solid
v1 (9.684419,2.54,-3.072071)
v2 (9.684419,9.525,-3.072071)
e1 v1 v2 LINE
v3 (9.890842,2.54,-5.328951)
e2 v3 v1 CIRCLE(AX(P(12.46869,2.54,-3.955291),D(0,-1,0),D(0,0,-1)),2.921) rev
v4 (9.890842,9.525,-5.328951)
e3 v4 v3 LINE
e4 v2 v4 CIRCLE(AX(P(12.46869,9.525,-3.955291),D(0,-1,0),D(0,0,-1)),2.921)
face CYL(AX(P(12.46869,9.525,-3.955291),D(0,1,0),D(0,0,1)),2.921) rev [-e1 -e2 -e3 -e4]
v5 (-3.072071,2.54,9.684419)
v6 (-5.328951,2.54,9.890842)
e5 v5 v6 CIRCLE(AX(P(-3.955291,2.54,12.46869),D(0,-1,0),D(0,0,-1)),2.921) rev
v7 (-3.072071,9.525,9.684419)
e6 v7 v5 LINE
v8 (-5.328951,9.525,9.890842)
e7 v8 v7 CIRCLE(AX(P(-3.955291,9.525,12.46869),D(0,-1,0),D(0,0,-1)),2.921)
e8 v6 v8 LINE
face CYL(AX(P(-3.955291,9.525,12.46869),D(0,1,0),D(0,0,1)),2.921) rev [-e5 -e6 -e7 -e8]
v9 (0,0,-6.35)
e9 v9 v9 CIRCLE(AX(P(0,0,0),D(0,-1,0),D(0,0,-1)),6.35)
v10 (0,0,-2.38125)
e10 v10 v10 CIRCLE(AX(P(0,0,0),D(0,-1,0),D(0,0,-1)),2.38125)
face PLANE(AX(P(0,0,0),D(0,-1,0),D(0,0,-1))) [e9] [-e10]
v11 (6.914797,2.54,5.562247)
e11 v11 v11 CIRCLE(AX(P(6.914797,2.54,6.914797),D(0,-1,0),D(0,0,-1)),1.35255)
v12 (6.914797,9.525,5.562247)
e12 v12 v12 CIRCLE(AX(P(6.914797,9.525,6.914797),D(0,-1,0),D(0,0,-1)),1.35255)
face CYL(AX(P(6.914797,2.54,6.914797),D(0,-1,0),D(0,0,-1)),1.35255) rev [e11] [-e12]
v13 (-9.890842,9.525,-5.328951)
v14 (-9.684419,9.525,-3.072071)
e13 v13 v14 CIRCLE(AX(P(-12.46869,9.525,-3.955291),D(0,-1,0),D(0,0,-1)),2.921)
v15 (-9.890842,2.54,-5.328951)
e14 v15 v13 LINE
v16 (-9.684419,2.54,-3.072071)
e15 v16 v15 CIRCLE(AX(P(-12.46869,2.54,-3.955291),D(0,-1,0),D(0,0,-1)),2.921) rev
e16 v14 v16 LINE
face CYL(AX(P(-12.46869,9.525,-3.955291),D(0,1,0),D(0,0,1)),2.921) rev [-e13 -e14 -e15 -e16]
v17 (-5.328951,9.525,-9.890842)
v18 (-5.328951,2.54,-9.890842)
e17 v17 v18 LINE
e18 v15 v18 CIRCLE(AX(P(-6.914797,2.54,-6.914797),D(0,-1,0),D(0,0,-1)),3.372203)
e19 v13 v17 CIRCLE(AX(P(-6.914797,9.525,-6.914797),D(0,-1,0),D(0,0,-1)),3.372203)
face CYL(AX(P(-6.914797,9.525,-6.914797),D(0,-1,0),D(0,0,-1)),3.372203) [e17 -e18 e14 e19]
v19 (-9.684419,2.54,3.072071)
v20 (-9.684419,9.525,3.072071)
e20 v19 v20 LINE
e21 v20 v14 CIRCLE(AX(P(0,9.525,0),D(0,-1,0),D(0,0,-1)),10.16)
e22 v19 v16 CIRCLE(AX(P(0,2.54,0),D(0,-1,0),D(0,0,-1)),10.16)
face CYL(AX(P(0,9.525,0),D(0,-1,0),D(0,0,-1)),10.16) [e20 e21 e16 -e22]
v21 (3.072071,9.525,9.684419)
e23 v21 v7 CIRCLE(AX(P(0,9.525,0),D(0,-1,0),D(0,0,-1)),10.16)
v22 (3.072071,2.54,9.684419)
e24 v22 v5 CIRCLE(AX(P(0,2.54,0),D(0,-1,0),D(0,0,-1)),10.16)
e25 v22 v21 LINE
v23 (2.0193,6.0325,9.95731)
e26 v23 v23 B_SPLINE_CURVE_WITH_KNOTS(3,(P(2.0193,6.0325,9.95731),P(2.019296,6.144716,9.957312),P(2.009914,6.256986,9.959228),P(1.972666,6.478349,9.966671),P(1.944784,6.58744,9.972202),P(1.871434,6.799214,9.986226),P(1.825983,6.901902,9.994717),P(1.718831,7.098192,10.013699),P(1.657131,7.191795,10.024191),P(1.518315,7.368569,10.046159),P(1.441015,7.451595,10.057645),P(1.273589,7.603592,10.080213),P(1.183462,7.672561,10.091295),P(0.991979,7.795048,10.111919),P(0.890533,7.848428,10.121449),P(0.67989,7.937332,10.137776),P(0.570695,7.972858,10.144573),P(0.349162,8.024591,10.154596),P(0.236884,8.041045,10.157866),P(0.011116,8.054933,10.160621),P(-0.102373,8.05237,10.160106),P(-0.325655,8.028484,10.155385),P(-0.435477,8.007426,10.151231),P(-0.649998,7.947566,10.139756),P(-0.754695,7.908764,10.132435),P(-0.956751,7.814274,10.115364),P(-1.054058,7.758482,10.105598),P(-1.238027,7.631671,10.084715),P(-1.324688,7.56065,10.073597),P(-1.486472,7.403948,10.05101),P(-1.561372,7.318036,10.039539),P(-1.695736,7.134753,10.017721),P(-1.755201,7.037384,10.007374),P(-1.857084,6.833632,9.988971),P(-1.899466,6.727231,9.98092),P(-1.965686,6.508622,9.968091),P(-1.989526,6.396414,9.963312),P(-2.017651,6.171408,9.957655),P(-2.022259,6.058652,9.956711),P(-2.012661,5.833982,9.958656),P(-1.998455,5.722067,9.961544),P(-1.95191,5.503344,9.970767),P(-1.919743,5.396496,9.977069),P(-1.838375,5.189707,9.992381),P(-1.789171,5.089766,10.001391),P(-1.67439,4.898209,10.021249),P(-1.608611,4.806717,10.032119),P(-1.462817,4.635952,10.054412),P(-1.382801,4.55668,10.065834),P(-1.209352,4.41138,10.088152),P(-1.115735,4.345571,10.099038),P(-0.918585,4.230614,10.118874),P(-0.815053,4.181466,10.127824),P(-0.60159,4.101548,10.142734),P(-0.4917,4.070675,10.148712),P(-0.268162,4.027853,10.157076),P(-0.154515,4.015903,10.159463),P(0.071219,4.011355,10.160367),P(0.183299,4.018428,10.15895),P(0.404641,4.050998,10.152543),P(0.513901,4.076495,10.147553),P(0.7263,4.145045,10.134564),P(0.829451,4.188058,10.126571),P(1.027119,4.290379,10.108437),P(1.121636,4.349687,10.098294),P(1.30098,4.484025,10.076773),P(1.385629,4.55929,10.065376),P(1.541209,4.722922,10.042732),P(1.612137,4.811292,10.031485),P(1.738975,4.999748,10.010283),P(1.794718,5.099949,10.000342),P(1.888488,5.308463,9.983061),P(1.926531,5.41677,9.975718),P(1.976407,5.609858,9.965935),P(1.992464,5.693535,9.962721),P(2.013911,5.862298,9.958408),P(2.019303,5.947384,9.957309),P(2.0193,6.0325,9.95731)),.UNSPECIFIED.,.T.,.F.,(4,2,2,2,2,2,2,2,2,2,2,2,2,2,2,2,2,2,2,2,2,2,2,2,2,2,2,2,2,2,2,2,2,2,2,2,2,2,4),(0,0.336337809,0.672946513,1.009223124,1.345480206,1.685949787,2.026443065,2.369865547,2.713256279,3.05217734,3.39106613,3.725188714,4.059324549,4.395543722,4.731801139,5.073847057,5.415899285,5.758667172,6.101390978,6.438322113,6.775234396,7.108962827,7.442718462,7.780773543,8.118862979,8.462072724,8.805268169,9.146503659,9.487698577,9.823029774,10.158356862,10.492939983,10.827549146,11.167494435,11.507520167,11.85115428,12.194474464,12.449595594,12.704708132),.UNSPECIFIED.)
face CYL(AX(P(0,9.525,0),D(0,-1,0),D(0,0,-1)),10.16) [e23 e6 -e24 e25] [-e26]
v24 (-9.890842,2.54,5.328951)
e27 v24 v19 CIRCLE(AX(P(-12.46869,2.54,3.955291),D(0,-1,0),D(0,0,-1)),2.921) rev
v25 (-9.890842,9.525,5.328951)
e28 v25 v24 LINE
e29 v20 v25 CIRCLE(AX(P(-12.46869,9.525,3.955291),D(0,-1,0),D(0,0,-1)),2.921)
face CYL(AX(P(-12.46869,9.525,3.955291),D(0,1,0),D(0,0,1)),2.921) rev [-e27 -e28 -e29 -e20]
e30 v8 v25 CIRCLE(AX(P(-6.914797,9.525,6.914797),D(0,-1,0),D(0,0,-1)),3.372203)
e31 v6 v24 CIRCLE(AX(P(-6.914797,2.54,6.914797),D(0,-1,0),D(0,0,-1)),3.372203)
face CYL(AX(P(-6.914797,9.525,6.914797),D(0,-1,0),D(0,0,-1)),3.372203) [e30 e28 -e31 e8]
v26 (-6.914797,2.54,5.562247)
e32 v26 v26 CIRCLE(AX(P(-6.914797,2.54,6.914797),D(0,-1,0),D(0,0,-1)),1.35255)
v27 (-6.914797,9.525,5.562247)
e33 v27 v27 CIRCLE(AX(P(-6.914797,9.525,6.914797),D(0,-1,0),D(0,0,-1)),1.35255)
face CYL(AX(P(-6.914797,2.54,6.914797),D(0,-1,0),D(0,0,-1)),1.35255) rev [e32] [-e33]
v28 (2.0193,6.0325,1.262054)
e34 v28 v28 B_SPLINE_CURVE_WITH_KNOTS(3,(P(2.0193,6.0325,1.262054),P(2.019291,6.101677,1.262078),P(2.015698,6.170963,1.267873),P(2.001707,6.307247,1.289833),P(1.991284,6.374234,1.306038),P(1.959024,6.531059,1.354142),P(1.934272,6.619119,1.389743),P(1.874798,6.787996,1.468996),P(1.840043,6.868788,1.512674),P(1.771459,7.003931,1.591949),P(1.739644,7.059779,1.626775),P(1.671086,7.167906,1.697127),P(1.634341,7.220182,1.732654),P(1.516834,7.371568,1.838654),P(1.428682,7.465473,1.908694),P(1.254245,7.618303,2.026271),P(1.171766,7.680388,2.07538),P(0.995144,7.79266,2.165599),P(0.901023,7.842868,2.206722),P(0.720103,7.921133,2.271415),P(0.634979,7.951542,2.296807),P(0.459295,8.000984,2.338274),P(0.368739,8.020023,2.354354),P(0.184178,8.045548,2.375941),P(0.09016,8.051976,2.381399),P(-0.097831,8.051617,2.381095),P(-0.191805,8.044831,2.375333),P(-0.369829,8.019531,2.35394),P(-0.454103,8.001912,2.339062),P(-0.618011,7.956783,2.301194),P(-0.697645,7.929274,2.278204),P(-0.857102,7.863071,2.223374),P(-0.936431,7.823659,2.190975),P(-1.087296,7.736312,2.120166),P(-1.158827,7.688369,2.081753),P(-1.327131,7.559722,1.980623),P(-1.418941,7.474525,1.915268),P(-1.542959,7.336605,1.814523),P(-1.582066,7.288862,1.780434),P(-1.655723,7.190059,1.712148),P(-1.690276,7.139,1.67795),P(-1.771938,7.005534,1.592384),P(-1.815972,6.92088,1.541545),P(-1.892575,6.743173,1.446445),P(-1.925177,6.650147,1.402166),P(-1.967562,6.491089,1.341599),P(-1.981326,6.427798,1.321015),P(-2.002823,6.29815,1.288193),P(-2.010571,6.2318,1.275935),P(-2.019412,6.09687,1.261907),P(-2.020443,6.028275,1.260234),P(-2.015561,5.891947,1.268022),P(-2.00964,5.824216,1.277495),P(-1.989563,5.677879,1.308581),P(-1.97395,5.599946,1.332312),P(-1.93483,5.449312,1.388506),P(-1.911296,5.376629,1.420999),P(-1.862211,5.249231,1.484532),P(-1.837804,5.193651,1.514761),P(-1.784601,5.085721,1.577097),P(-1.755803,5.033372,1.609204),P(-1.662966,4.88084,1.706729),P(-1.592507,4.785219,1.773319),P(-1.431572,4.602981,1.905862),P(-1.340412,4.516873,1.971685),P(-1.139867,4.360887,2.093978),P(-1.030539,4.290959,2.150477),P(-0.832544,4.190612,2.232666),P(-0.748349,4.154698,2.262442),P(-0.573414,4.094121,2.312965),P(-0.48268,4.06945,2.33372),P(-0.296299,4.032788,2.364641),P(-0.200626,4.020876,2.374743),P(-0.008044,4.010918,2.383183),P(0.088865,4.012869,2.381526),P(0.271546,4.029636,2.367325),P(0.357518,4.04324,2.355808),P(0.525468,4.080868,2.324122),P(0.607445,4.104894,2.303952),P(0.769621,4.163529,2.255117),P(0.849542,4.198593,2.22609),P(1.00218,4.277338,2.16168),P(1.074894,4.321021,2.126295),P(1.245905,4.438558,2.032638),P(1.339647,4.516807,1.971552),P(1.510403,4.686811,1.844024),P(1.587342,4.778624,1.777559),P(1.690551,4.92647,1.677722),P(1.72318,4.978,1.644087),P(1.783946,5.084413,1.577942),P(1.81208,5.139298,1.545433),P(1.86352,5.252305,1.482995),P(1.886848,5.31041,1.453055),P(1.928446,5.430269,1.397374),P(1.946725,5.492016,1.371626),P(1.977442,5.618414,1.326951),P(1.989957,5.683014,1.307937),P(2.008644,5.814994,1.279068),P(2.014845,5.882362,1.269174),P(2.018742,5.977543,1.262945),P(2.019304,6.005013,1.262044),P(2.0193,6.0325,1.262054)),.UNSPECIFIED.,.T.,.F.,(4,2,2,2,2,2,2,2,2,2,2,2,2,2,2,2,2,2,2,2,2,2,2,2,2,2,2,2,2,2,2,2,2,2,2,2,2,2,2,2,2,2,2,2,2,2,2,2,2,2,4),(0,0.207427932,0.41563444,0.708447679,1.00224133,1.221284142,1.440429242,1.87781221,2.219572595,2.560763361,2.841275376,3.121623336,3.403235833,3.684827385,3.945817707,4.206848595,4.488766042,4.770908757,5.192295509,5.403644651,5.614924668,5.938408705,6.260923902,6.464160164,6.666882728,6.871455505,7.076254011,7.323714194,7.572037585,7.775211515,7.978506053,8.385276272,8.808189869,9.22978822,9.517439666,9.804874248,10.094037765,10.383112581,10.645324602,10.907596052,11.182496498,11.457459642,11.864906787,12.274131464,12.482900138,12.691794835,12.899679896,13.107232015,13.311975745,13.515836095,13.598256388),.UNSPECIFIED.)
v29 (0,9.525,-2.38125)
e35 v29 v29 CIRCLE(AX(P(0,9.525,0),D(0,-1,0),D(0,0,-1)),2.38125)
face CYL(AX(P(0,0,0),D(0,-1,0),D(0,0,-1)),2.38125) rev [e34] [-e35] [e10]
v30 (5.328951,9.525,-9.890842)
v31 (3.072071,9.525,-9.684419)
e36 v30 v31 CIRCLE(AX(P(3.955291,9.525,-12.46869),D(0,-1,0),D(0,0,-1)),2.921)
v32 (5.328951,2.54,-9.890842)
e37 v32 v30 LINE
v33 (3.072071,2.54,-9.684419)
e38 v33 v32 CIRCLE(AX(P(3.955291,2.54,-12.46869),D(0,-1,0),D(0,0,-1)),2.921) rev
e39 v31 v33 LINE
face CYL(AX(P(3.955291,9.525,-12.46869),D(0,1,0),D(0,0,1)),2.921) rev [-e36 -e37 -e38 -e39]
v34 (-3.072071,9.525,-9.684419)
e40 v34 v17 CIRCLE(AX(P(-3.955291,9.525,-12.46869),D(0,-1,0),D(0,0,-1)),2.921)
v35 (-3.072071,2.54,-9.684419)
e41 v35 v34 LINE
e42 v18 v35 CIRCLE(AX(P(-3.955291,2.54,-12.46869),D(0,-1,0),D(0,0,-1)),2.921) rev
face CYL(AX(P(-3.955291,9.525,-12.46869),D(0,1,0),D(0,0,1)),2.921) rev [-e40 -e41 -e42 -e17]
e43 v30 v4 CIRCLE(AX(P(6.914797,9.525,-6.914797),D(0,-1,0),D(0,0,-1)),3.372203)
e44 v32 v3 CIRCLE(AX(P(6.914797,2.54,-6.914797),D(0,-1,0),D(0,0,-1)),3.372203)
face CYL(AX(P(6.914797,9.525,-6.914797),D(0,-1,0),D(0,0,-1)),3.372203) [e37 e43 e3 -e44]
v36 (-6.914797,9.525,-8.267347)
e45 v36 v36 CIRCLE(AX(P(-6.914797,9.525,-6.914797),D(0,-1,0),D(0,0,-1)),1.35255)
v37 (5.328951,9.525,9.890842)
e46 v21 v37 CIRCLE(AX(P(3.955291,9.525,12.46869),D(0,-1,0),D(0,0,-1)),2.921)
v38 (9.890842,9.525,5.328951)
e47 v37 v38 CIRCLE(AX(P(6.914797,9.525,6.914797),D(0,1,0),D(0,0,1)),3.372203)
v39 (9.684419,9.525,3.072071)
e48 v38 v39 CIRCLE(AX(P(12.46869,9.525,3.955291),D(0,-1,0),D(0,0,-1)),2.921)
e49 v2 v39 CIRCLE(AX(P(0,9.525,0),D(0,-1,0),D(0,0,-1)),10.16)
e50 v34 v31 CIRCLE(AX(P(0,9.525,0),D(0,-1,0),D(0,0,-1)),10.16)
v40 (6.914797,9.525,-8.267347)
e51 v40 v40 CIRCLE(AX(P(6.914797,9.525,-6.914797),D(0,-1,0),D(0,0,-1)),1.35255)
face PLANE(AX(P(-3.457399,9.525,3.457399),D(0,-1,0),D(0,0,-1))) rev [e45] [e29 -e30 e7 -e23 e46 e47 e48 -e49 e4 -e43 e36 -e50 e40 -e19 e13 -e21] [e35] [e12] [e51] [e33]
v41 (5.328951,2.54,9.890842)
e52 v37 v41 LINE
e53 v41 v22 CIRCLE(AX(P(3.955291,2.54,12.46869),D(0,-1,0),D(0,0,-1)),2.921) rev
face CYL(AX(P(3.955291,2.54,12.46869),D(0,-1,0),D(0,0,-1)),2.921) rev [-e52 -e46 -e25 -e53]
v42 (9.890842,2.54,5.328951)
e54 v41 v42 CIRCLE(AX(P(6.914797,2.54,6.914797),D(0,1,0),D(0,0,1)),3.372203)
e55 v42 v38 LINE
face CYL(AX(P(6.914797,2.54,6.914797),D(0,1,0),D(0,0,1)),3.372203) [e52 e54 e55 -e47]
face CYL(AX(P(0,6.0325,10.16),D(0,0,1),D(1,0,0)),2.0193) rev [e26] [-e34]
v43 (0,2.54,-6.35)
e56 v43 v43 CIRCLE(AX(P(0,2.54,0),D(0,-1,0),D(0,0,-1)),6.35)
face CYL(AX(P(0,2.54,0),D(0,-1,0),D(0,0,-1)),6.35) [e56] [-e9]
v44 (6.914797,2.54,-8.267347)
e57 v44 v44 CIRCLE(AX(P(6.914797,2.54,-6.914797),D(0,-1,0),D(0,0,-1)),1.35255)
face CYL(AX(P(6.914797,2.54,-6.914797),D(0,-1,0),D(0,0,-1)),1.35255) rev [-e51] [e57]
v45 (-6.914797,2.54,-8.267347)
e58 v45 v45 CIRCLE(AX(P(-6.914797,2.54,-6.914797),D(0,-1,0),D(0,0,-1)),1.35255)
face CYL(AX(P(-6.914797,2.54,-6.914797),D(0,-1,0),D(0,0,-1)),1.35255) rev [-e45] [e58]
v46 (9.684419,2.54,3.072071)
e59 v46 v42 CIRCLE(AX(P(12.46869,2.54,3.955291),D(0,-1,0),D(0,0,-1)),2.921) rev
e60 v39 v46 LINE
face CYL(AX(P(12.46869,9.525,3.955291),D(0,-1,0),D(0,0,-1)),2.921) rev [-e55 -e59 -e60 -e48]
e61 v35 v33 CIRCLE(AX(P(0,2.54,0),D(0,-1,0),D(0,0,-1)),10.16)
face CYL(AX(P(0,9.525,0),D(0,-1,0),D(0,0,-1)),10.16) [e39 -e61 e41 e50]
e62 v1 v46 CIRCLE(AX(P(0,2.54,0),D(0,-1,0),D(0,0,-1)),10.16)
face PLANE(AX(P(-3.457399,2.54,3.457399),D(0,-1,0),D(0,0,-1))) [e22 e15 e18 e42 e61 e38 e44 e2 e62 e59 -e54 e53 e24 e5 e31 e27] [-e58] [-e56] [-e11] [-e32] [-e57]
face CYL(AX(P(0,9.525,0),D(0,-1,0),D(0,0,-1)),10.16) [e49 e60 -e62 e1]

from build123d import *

# Parameters (mm, degrees)
BOSS_EXTRUDE1_DEPTH         = 6.985
BOSS_EXTRUDE2_DEPTH         = 6.985
BOSS_EXTRUDE3_DEPTH         = 6.985
BOSS_EXTRUDE4_START         = -6.985
BOSS_EXTRUDE4_DEPTH         = 6.985
SKETCH5_W                   = 6.35
SKETCH5_H                   = 2.54
M2_5_CLEARANCE_HOLE1_D      = 2.7051
M4_CLEARANCE_HOLE1_D        = 4.7625
M3_5_CLEARANCE_HOLE1_REACH  = 25.671
M3_5_CLEARANCE_HOLE1_BORE_R = 2.0193
FILLET1_R                   = 2.921


with BuildPart() as part:
    # Sketch1 → Boss-Extrude1 (new body)
    with BuildSketch(Plane.XZ.offset(-2.54)):
        with BuildLine():
            ThreePointArc((-4.397716486, 9.158913129), (-9.299304671, 9.299304671), (-9.158913129, 4.397716486))
            ThreePointArc((-9.158913129, 4.397716486), (7.184204897, -7.184204897), (-4.397716486, 9.158913129))
        make_face()
    extrude(amount=-BOSS_EXTRUDE1_DEPTH)

    # Sketch2 → Boss-Extrude2 (add)
    with BuildSketch(Plane.XZ.offset(-2.54)):
        with BuildLine():
            ThreePointArc((-9.158913129, -4.397716486), (-9.299304671, -9.299304671), (-4.397716486, -9.158913129))
            ThreePointArc((-4.397716486, -9.158913129), (-7.184204897, -7.184204897), (-9.158913129, -4.397716486))
        make_face()
    extrude(amount=-BOSS_EXTRUDE2_DEPTH)

    # Sketch3 → Boss-Extrude3 (add)
    with BuildSketch(Plane.XZ.offset(-2.54)):
        with BuildLine():
            ThreePointArc((4.397716486, -9.158913129), (9.299304671, -9.299304671), (9.158913129, -4.397716486))
            ThreePointArc((9.158913129, -4.397716486), (7.184204897, -7.184204897), (4.397716486, -9.158913129))
        make_face()
    extrude(amount=-BOSS_EXTRUDE3_DEPTH)

    # Sketch4 → Boss-Extrude4 (add)
    with BuildSketch(Plane(origin=(0, 9.525, 0), x_dir=(1, 0, 0), z_dir=(0, 1, 0)).offset(BOSS_EXTRUDE4_START)):
        with BuildLine():
            ThreePointArc((9.158913129, -4.397716486), (7.184204897, -7.184204897), (4.397716486, -9.158913129))
            ThreePointArc((4.397716486, -9.158913129), (9.299304671, -9.299304671), (9.158913129, -4.397716486))
        make_face()
    extrude(amount=BOSS_EXTRUDE4_DEPTH)

    # Sketch5 → Revolve1 (revolve)
    with BuildSketch(Plane.XY, mode=Mode.PRIVATE) as revolve1_sk:
        with Locations((3.175, 1.27)):
            Rectangle(SKETCH5_W, SKETCH5_H)
    revolve(revolve1_sk.sketch.rotate(Axis((0, 2.54, 0), (0, -1, 0)), 270), axis=Axis((0, 2.54, 0), (0, -1, 0)))

    # M2.5 Clearance Hole1 (through all)
    with Locations(Plane(origin=(0, 2.54, 0), x_dir=(-1, 0, 0), z_dir=(0, -1, 0))):
        with Locations((-6.914797213, 6.914797213), (-6.914797213, -6.914797213), (6.914797213, -6.914797213), (6.914797213, 6.914797213)):
            Hole(M2_5_CLEARANCE_HOLE1_D / 2)

    # M4 Clearance Hole1 (through all)
    with Locations(Plane(origin=(0, 0, 0), x_dir=(-1, 0, 0), z_dir=(0, -1, 0))):
        with Locations((0, 0)):
            Hole(M4_CLEARANCE_HOLE1_D / 2)

    # M3.5 Clearance Hole1 bore (on position points) → M3.5 Clearance Hole1 (cut, up to next)
    with BuildSketch(Plane(origin=(0, 6.0325, 10.16), x_dir=(1, 0, 0), z_dir=(0, 0, 1)), mode=Mode.PRIVATE) as m3_5_clearance_hole1_sk1:
        Circle(M3_5_CLEARANCE_HOLE1_BORE_R)
    m3_5_clearance_hole1_tool1 = extrude(m3_5_clearance_hole1_sk1.sketch, amount=-M3_5_CLEARANCE_HOLE1_REACH, mode=Mode.PRIVATE) & part.part
    add(m3_5_clearance_hole1_tool1.solids().sort_by_distance((0, 6.0325, 10.16))[0], mode=Mode.SUBTRACT)

    # Fillet1
    fillet1_edges = [part.edges().sort_by_distance(p)[0] for p in [
        (-9.158913129, 6.0325, -4.397716486),
        (-4.397716486, 6.0325, -9.158913129),
        (4.397716486, 6.0325, -9.158913129),
        (9.158913129, 6.0325, -4.397716486),
        (9.158913129, 6.0325, 4.397716486),
        (4.397716486, 6.0325, 9.158913129),
        (-9.158913129, 6.0325, 4.397716486),
        (-4.397716486, 6.0325, 9.158913129),
    ]]
    fillet(fillet1_edges, radius=FILLET1_R)


solid = part.part
